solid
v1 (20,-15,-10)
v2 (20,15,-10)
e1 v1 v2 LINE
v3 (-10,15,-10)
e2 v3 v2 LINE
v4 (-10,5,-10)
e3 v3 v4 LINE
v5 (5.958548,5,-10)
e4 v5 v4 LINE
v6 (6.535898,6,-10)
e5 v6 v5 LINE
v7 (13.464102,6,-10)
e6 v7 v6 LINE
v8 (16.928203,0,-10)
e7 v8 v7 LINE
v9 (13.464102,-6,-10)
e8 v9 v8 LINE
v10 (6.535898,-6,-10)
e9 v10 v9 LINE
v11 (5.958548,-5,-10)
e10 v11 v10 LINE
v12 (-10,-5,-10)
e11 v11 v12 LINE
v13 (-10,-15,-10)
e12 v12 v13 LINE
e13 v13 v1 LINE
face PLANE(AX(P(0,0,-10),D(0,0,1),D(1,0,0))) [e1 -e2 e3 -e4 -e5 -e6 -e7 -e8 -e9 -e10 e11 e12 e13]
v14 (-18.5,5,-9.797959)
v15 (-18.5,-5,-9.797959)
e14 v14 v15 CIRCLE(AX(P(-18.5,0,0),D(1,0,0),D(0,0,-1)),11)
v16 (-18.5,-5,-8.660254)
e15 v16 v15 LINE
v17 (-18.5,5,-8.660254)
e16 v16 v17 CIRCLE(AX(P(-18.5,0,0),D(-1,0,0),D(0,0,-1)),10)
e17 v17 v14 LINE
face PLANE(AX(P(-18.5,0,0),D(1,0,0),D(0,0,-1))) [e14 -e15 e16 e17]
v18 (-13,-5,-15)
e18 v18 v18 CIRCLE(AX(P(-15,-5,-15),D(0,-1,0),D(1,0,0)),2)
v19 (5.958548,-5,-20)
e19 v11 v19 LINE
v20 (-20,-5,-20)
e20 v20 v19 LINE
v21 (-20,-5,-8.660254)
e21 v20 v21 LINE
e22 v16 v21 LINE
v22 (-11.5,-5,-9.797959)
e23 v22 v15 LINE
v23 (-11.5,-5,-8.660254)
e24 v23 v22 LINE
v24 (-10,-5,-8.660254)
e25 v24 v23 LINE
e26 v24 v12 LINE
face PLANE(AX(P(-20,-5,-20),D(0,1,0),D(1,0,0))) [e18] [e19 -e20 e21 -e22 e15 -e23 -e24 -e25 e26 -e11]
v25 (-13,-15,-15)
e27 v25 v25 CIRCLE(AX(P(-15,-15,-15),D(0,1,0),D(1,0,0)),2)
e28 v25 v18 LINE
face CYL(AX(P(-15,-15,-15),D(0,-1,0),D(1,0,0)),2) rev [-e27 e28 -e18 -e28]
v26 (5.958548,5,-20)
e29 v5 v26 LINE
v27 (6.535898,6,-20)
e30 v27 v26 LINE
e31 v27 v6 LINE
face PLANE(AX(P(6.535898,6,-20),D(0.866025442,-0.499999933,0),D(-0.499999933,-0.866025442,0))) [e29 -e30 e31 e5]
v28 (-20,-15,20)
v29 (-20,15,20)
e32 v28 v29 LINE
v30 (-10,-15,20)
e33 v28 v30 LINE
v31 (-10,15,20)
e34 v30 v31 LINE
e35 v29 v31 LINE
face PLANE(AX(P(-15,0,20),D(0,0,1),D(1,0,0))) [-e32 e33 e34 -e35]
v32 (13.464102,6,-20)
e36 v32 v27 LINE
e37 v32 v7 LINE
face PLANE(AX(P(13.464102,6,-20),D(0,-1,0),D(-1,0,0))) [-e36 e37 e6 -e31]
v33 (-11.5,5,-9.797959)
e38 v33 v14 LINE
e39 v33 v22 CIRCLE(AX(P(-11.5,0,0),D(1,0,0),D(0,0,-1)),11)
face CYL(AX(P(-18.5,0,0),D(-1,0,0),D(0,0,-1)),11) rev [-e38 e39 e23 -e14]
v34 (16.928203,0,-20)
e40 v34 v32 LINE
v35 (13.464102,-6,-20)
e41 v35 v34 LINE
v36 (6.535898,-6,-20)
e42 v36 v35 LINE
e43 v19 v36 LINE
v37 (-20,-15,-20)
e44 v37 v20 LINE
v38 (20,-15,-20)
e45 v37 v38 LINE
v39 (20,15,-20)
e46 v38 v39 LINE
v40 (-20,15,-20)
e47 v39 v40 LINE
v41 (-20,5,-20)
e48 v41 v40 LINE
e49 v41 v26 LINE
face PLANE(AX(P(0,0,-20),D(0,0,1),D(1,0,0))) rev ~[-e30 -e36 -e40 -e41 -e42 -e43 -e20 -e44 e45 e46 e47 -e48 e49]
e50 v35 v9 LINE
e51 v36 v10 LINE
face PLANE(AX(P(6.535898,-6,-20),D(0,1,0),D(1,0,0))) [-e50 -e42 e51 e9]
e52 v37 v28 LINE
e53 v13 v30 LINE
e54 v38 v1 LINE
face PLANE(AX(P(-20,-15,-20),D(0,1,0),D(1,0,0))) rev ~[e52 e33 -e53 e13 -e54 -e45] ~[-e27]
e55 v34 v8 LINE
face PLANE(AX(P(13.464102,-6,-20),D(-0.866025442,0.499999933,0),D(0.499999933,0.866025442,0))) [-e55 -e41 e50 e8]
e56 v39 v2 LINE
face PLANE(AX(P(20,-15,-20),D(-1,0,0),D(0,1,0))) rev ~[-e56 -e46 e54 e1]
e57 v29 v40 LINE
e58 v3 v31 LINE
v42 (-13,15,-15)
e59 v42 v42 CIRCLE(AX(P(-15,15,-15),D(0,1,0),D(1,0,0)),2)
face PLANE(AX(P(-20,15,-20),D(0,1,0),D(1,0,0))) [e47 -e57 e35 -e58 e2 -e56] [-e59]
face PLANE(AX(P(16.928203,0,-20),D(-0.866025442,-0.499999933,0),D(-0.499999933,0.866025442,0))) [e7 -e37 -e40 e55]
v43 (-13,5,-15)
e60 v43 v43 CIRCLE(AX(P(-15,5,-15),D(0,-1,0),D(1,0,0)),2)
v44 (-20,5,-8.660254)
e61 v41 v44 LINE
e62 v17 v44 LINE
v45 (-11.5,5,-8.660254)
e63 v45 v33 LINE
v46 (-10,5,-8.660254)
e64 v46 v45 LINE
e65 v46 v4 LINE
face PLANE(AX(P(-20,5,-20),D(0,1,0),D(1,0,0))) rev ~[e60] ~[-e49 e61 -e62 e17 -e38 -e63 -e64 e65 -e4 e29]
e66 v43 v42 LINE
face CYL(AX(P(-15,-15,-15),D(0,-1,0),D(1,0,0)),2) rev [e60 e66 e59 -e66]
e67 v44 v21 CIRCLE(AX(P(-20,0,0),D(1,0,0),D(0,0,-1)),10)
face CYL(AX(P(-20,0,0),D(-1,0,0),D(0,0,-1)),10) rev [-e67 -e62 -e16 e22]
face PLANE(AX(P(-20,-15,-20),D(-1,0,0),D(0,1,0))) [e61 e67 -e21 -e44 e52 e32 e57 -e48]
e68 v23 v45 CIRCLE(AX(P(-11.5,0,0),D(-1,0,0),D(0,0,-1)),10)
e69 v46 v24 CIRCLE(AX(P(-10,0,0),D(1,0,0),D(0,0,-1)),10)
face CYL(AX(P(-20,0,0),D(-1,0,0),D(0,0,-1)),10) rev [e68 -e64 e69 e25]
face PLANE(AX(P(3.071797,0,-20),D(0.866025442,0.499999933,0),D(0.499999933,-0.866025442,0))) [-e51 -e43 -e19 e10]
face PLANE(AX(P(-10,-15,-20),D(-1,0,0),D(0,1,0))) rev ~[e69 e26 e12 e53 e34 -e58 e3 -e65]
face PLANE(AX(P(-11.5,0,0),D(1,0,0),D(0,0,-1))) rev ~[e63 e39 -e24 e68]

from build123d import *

# Parameters (mm, degrees)
CYLINDER001_R           = 2
CYLINDER001_DEPTH       = 30
CYLINDER001_ROLL_ANGLE  = -90
CYLINDER002_R           = 11
CYLINDER002_DEPTH       = 7
CYLINDER002_PITCH_ANGLE = 90
CYLINDER003_R           = 10
CYLINDER003_DEPTH       = 10
CYLINDER003_PITCH_ANGLE = 90
PAD_DEPTH               = 10
BOX001_W                = 30
BOX001_H                = 10
BOX001_DEPTH            = 15
BOX002_W                = 10
BOX002_H                = 30
BOX002_DEPTH            = 40
BOX_W                   = 40
BOX_H                   = 30
BOX_DEPTH               = 10


with BuildPart() as cylinder001:
    # Cylinder001 → Cylinder001 (new body)
    with BuildSketch(Plane.XY):
        Circle(CYLINDER001_R)
    extrude(amount=CYLINDER001_DEPTH)


with BuildPart() as cylinder001_1:
    # Cylinder001 roll: moved
    add(cylinder001.part.rotate(Axis((0, 0, 0), (1, 0, 0)), CYLINDER001_ROLL_ANGLE))


with BuildPart() as cylinder001_2:
    # Cylinder001 placement: moved
    add(cylinder001_1.part.moved(Location((-15, -15, -15))))


with BuildPart() as bearing_cylinder:
    # Cylinder002 → Cylinder002 (new body)
    with BuildSketch(Plane.XY):
        Circle(CYLINDER002_R)
    extrude(amount=CYLINDER002_DEPTH)


with BuildPart() as bearing_cylinder_1:
    # Cylinder002 pitch: moved
    add(bearing_cylinder.part.rotate(Axis((0, 0, 0), (0, 1, 0)), CYLINDER002_PITCH_ANGLE))


with BuildPart() as bearing_cylinder_2:
    # Cylinder002 placement: moved
    add(bearing_cylinder_1.part.moved(Location((-18.5, 0, 0))))


with BuildPart() as bearing_cylinder_outer:
    # Cylinder003 → Cylinder003 (new body)
    with BuildSketch(Plane.XY):
        Circle(CYLINDER003_R)
    extrude(amount=CYLINDER003_DEPTH)


with BuildPart() as bearing_cylinder_outer_1:
    # Cylinder003 pitch: moved
    add(bearing_cylinder_outer.part.rotate(Axis((0, 0, 0), (0, 1, 0)), CYLINDER003_PITCH_ANGLE))


with BuildPart() as bearing_cylinder_outer_2:
    # Cylinder003 placement: moved
    add(bearing_cylinder_outer_1.part.moved(Location((-20, 0, 0))))


with BuildPart() as body:
    # Sketch → Pad (new body)
    with BuildSketch(Plane.XY):
        Polygon((6.928203, 0), (3.464102, 6), (-3.464102, 6), (-6.928203, 0), (-3.464102, -6), (3.464102, -6), align=None)
    extrude(amount=PAD_DEPTH)


with BuildPart() as body_1:
    # Body placement: moved
    add(body.part.moved(Location((10, 0, -20))))


with BuildPart() as negative_fusion:
    # Box001 → Box001 (new body)
    with BuildSketch(Plane(origin=(-20, -5, -20), x_dir=(1, 0, 0), z_dir=(0, 0, 1))):
        with Locations((15, 5)):
            Rectangle(BOX001_W, BOX001_H)
    extrude(amount=BOX001_DEPTH)

    # Fusion: union Cylinder001, Bearing Cylinder, Bearing Cylinder Outer, Body
    add(cylinder001_2.part)
    add(bearing_cylinder_2.part)
    add(bearing_cylinder_outer_2.part)
    add(body_1.part)


with BuildPart() as cube002:
    # Box002 → Box002 (new body)
    with BuildSketch(Plane(origin=(-20, -15, -20), x_dir=(1, 0, 0), z_dir=(0, 0, 1))):
        with Locations((5, 15)):
            Rectangle(BOX002_W, BOX002_H)
    extrude(amount=BOX002_DEPTH)


with BuildPart() as cut:
    # Box → Box (new body)
    with BuildSketch(Plane(origin=(-20, -15, -20), x_dir=(1, 0, 0), z_dir=(0, 0, 1))):
        with Locations((20, 15)):
            Rectangle(BOX_W, BOX_H)
    extrude(amount=BOX_DEPTH)

    # Fusion001: union Cube002
    add(cube002.part)

    # Cut: cut Negative Fusion
    add(negative_fusion.part, mode=Mode.SUBTRACT)


solid = cut.part
